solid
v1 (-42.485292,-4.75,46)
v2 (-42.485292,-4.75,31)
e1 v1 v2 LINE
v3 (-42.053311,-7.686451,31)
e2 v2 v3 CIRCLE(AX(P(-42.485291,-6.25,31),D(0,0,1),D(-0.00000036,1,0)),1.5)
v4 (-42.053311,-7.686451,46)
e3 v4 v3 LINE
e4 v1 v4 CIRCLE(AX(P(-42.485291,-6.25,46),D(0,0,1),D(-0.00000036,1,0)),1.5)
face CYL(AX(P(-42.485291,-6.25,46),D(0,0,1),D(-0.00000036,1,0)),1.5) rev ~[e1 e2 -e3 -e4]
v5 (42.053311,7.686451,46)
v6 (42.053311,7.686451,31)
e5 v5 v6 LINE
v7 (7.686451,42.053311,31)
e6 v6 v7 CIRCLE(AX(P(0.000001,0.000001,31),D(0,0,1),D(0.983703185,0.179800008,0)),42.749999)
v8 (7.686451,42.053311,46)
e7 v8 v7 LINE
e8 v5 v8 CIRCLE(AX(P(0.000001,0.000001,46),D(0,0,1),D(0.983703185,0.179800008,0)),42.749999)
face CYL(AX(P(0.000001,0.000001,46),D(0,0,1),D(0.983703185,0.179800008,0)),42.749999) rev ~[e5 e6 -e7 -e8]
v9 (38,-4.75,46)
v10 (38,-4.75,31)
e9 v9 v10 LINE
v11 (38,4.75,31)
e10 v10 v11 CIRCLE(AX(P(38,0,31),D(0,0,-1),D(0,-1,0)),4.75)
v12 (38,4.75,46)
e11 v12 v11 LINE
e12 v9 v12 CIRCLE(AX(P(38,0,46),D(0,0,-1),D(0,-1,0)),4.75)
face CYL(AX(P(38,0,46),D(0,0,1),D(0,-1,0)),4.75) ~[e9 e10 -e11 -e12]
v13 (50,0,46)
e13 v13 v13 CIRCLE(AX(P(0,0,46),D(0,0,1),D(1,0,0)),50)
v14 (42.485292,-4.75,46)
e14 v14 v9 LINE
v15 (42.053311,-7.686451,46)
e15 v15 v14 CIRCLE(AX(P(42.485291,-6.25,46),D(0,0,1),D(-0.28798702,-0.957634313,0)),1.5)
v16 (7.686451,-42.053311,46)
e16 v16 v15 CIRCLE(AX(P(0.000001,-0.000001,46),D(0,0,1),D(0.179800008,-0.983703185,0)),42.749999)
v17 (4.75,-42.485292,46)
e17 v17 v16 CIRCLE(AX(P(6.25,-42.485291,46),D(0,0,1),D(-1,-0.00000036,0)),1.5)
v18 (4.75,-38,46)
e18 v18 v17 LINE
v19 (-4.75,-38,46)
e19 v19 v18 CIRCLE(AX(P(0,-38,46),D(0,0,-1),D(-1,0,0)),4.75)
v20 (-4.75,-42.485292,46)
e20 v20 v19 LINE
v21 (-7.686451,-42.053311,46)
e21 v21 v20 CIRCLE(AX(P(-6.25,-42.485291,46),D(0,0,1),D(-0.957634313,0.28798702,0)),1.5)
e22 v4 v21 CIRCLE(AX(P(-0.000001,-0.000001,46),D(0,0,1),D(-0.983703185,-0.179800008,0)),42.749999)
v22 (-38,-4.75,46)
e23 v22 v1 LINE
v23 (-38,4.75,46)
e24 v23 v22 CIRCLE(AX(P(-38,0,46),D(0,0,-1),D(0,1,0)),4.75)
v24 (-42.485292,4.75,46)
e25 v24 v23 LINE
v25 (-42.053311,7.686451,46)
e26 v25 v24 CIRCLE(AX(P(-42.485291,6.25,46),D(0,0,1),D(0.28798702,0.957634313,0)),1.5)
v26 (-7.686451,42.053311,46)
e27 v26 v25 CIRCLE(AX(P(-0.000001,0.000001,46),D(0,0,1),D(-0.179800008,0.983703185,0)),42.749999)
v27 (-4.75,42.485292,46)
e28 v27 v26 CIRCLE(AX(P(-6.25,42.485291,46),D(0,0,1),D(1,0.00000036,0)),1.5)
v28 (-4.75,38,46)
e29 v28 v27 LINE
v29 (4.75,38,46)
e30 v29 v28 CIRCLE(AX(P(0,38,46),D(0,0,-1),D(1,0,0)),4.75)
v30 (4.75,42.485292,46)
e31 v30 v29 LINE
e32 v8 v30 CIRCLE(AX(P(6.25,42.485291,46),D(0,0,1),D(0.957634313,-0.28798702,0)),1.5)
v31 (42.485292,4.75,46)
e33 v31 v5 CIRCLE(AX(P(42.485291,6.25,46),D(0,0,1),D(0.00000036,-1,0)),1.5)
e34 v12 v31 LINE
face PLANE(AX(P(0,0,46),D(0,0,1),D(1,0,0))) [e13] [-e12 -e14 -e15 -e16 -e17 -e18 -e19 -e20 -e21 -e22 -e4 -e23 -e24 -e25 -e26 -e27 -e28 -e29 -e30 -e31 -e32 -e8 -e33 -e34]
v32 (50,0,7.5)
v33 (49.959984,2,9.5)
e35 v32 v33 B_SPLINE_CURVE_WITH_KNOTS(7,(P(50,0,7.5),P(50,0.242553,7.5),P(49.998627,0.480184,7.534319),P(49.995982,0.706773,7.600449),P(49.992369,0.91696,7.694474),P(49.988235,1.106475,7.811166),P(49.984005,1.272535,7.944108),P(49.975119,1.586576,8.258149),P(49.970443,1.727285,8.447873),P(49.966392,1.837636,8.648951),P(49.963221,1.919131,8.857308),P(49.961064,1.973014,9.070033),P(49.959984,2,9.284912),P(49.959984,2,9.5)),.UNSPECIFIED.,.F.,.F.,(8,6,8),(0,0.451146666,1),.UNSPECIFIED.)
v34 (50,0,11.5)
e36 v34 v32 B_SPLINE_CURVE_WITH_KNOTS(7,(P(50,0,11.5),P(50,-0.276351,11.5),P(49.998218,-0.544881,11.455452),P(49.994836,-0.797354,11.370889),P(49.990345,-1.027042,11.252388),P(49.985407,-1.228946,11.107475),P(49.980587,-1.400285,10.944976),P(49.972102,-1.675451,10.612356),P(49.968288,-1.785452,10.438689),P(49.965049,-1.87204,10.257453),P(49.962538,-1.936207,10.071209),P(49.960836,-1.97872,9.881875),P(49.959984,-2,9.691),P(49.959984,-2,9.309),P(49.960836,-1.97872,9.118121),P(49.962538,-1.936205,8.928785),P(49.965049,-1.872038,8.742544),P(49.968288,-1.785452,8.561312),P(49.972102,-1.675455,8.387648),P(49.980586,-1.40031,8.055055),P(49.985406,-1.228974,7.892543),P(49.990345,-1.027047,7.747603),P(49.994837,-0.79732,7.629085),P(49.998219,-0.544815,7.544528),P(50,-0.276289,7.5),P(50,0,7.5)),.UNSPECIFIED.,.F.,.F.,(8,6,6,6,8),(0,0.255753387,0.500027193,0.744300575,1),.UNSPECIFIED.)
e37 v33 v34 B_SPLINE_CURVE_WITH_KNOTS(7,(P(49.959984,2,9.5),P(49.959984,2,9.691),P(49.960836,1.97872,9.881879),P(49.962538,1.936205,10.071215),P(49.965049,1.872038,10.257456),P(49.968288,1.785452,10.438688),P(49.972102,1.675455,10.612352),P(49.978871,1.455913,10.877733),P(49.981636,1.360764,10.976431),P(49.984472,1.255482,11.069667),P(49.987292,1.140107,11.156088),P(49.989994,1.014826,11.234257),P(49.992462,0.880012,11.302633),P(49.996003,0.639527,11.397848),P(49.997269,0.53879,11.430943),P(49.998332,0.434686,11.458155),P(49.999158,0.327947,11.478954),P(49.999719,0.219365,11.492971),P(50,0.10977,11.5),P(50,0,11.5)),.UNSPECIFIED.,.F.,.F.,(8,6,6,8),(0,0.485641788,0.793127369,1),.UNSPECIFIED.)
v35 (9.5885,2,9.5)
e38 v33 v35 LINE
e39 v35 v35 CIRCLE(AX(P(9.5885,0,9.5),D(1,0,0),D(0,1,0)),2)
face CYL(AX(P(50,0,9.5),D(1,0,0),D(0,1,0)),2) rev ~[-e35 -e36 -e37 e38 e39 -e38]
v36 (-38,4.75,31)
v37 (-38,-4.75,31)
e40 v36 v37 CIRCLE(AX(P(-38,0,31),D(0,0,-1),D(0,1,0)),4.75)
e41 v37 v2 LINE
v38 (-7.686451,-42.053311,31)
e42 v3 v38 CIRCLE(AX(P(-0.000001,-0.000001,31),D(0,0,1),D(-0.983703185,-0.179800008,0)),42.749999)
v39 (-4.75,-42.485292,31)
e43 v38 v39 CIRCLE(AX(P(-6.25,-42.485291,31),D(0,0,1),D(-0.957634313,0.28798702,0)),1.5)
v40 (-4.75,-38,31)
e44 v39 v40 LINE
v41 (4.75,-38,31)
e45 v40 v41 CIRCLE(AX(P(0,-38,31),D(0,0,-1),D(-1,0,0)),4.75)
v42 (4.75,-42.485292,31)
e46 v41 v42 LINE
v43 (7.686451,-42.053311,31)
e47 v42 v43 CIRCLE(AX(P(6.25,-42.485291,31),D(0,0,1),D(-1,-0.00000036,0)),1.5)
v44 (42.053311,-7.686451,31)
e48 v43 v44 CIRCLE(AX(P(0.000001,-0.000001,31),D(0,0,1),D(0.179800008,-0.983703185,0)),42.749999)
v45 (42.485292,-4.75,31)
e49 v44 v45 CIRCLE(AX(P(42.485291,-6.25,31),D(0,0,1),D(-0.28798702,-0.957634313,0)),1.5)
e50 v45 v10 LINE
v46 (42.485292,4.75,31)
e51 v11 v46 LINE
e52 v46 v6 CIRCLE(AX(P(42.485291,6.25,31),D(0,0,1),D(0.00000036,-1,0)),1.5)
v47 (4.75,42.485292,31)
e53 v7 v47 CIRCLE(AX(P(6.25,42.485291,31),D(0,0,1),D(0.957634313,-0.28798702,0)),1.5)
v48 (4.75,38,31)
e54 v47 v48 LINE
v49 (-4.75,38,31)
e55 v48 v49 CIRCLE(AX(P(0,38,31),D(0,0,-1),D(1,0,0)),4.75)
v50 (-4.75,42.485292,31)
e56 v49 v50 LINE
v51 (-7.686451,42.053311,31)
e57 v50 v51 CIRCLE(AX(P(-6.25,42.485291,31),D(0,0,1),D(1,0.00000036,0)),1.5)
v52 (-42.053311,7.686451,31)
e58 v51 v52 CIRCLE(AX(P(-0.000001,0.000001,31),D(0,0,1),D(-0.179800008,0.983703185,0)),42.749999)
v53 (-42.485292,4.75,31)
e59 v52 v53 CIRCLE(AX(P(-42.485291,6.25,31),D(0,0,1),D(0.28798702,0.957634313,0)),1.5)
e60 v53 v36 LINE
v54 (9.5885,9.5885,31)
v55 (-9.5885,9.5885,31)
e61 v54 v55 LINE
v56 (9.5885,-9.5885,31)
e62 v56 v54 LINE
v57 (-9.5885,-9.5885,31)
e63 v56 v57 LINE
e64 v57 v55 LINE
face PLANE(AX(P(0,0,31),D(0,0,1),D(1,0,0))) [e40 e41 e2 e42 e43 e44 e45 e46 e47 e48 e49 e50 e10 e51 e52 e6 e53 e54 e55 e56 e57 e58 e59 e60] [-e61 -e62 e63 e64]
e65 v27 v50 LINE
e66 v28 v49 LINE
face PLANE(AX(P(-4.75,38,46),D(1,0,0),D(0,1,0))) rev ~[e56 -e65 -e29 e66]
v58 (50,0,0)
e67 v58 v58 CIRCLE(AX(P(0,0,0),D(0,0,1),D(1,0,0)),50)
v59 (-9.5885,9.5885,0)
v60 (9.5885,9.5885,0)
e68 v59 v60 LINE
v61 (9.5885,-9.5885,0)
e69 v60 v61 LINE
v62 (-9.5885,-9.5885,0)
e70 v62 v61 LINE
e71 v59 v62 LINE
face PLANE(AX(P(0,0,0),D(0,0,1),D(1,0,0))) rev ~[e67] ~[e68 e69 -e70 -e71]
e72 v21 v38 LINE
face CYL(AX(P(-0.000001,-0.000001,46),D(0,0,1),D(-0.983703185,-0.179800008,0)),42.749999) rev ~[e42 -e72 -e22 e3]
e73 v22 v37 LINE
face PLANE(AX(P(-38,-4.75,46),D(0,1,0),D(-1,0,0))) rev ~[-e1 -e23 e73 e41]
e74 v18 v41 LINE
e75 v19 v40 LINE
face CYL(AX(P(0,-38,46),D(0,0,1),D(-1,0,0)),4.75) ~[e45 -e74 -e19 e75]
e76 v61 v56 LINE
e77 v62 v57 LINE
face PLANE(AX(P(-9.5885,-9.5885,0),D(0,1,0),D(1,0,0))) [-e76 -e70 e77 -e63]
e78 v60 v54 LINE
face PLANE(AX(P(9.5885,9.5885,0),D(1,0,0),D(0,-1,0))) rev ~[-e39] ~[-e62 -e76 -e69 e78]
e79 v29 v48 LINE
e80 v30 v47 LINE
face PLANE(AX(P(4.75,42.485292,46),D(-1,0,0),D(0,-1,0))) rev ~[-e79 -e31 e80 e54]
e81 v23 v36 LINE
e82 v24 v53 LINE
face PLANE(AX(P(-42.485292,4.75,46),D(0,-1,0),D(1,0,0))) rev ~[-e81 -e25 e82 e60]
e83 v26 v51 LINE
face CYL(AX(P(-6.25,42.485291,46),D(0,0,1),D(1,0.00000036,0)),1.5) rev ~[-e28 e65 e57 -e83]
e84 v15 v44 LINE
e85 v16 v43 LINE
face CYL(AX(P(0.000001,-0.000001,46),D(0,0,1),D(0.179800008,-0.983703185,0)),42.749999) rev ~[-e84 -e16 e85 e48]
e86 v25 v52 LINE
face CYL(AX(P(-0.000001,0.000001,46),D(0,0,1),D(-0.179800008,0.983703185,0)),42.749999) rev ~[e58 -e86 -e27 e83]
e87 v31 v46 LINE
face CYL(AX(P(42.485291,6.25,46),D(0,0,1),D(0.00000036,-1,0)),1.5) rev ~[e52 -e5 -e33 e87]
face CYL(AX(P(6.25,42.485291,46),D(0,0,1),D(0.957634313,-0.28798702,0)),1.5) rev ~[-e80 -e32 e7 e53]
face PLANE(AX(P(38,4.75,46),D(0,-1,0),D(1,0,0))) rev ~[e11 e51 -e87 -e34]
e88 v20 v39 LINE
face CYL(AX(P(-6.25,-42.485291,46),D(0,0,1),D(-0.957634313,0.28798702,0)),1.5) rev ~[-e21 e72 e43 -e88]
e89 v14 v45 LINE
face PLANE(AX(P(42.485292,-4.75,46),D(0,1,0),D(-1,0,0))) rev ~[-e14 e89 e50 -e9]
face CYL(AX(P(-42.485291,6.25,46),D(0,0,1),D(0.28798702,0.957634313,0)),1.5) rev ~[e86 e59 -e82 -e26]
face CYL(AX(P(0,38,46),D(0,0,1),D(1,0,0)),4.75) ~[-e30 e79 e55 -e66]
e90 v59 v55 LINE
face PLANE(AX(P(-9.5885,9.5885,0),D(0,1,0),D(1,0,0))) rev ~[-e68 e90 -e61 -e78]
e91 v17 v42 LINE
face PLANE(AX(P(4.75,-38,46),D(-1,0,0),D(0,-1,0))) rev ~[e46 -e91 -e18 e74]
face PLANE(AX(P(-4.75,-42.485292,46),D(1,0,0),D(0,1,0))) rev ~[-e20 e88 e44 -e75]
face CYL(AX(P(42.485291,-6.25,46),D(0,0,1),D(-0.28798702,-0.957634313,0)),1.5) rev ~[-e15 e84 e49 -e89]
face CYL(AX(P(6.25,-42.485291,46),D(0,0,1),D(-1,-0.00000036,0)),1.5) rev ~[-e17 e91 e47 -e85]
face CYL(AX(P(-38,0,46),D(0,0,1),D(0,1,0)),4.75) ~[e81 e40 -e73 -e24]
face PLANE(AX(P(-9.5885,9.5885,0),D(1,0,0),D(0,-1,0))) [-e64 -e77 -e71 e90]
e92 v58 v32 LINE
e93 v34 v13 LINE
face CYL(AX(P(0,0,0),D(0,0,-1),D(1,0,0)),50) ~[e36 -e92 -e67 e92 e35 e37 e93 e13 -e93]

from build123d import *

# Parameters (mm, degrees)
F0_R     = 50
F1_DEPTH = 46
F3_DEPTH = 15
F4_W     = 19.177
F4_H     = 19.177
F5_DEPTH = 46.001
F7_R     = 2
F8_DEPTH = 40.4115


with BuildPart() as f1:
    # F0 (on Top) → F1 (new body)
    with BuildSketch(Plane.XY):
        Circle(F0_R)
    extrude(amount=F1_DEPTH)

    # F2 (on face) → F3 (cut)
    with BuildSketch(Plane.XY.offset(46)):
        with BuildLine():
            ThreePointArc((-4.75, 42.485292), (-6.468315, 43.969319), (-7.686451, 42.053311))
            ThreePointArc((-7.686451, 42.053311), (-30.228815, 30.228815), (-42.053311, 7.686451))
            ThreePointArc((-42.053311, 7.686451), (-43.969319, 6.468315), (-42.485292, 4.75))
            Line((-42.485292, 4.75), (-38, 4.75))
            ThreePointArc((-38, 4.75), (-33.25, 0), (-38, -4.75))
            Line((-38, -4.75), (-42.485292, -4.75))
            ThreePointArc((-42.485292, -4.75), (-43.969319, -6.468315), (-42.053311, -7.686451))
            ThreePointArc((-42.053311, -7.686451), (-30.228815, -30.228815), (-7.686451, -42.053311))
            ThreePointArc((-7.686451, -42.053311), (-6.468315, -43.969319), (-4.75, -42.485292))
            Line((-4.75, -42.485292), (-4.75, -38))
            ThreePointArc((-4.75, -38), (0, -33.25), (4.75, -38))
            Line((4.75, -38), (4.75, -42.485292))
            ThreePointArc((4.75, -42.485292), (6.468315, -43.969319), (7.686451, -42.053311))
            ThreePointArc((7.686451, -42.053311), (30.228815, -30.228815), (42.053311, -7.686451))
            ThreePointArc((42.053311, -7.686451), (43.969319, -6.468315), (42.485292, -4.75))
            Line((42.485292, -4.75), (38, -4.75))
            ThreePointArc((38, -4.75), (33.25, 0), (38, 4.75))
            Line((38, 4.75), (42.485292, 4.75))
            ThreePointArc((42.485292, 4.75), (43.969319, 6.468315), (42.053311, 7.686451))
            ThreePointArc((42.053311, 7.686451), (30.228815, 30.228815), (7.686451, 42.053311))
            ThreePointArc((7.686451, 42.053311), (6.468315, 43.969319), (4.75, 42.485292))
            Line((4.75, 42.485292), (4.75, 38))
            ThreePointArc((4.75, 38), (0, 33.25), (-4.75, 38))
            Line((-4.75, 38), (-4.75, 42.485292))
        make_face()
    extrude(amount=-F3_DEPTH, mode=Mode.SUBTRACT)

    # F4 (on face) → F5 (cut, through all)
    with BuildSketch(Plane(origin=(0, 0, 0), x_dir=(1, 0, 0), z_dir=(0, 0, -1))):
        Rectangle(F4_W, F4_H)
    extrude(amount=-F5_DEPTH, mode=Mode.SUBTRACT)

    # F7 (on offset) → F8 (cut, through all)
    with BuildSketch(Plane.YZ.offset(50)):
        with Locations((0, 9.5)):
            Circle(F7_R)
    extrude(amount=-F8_DEPTH, mode=Mode.SUBTRACT)


solid = f1.part
